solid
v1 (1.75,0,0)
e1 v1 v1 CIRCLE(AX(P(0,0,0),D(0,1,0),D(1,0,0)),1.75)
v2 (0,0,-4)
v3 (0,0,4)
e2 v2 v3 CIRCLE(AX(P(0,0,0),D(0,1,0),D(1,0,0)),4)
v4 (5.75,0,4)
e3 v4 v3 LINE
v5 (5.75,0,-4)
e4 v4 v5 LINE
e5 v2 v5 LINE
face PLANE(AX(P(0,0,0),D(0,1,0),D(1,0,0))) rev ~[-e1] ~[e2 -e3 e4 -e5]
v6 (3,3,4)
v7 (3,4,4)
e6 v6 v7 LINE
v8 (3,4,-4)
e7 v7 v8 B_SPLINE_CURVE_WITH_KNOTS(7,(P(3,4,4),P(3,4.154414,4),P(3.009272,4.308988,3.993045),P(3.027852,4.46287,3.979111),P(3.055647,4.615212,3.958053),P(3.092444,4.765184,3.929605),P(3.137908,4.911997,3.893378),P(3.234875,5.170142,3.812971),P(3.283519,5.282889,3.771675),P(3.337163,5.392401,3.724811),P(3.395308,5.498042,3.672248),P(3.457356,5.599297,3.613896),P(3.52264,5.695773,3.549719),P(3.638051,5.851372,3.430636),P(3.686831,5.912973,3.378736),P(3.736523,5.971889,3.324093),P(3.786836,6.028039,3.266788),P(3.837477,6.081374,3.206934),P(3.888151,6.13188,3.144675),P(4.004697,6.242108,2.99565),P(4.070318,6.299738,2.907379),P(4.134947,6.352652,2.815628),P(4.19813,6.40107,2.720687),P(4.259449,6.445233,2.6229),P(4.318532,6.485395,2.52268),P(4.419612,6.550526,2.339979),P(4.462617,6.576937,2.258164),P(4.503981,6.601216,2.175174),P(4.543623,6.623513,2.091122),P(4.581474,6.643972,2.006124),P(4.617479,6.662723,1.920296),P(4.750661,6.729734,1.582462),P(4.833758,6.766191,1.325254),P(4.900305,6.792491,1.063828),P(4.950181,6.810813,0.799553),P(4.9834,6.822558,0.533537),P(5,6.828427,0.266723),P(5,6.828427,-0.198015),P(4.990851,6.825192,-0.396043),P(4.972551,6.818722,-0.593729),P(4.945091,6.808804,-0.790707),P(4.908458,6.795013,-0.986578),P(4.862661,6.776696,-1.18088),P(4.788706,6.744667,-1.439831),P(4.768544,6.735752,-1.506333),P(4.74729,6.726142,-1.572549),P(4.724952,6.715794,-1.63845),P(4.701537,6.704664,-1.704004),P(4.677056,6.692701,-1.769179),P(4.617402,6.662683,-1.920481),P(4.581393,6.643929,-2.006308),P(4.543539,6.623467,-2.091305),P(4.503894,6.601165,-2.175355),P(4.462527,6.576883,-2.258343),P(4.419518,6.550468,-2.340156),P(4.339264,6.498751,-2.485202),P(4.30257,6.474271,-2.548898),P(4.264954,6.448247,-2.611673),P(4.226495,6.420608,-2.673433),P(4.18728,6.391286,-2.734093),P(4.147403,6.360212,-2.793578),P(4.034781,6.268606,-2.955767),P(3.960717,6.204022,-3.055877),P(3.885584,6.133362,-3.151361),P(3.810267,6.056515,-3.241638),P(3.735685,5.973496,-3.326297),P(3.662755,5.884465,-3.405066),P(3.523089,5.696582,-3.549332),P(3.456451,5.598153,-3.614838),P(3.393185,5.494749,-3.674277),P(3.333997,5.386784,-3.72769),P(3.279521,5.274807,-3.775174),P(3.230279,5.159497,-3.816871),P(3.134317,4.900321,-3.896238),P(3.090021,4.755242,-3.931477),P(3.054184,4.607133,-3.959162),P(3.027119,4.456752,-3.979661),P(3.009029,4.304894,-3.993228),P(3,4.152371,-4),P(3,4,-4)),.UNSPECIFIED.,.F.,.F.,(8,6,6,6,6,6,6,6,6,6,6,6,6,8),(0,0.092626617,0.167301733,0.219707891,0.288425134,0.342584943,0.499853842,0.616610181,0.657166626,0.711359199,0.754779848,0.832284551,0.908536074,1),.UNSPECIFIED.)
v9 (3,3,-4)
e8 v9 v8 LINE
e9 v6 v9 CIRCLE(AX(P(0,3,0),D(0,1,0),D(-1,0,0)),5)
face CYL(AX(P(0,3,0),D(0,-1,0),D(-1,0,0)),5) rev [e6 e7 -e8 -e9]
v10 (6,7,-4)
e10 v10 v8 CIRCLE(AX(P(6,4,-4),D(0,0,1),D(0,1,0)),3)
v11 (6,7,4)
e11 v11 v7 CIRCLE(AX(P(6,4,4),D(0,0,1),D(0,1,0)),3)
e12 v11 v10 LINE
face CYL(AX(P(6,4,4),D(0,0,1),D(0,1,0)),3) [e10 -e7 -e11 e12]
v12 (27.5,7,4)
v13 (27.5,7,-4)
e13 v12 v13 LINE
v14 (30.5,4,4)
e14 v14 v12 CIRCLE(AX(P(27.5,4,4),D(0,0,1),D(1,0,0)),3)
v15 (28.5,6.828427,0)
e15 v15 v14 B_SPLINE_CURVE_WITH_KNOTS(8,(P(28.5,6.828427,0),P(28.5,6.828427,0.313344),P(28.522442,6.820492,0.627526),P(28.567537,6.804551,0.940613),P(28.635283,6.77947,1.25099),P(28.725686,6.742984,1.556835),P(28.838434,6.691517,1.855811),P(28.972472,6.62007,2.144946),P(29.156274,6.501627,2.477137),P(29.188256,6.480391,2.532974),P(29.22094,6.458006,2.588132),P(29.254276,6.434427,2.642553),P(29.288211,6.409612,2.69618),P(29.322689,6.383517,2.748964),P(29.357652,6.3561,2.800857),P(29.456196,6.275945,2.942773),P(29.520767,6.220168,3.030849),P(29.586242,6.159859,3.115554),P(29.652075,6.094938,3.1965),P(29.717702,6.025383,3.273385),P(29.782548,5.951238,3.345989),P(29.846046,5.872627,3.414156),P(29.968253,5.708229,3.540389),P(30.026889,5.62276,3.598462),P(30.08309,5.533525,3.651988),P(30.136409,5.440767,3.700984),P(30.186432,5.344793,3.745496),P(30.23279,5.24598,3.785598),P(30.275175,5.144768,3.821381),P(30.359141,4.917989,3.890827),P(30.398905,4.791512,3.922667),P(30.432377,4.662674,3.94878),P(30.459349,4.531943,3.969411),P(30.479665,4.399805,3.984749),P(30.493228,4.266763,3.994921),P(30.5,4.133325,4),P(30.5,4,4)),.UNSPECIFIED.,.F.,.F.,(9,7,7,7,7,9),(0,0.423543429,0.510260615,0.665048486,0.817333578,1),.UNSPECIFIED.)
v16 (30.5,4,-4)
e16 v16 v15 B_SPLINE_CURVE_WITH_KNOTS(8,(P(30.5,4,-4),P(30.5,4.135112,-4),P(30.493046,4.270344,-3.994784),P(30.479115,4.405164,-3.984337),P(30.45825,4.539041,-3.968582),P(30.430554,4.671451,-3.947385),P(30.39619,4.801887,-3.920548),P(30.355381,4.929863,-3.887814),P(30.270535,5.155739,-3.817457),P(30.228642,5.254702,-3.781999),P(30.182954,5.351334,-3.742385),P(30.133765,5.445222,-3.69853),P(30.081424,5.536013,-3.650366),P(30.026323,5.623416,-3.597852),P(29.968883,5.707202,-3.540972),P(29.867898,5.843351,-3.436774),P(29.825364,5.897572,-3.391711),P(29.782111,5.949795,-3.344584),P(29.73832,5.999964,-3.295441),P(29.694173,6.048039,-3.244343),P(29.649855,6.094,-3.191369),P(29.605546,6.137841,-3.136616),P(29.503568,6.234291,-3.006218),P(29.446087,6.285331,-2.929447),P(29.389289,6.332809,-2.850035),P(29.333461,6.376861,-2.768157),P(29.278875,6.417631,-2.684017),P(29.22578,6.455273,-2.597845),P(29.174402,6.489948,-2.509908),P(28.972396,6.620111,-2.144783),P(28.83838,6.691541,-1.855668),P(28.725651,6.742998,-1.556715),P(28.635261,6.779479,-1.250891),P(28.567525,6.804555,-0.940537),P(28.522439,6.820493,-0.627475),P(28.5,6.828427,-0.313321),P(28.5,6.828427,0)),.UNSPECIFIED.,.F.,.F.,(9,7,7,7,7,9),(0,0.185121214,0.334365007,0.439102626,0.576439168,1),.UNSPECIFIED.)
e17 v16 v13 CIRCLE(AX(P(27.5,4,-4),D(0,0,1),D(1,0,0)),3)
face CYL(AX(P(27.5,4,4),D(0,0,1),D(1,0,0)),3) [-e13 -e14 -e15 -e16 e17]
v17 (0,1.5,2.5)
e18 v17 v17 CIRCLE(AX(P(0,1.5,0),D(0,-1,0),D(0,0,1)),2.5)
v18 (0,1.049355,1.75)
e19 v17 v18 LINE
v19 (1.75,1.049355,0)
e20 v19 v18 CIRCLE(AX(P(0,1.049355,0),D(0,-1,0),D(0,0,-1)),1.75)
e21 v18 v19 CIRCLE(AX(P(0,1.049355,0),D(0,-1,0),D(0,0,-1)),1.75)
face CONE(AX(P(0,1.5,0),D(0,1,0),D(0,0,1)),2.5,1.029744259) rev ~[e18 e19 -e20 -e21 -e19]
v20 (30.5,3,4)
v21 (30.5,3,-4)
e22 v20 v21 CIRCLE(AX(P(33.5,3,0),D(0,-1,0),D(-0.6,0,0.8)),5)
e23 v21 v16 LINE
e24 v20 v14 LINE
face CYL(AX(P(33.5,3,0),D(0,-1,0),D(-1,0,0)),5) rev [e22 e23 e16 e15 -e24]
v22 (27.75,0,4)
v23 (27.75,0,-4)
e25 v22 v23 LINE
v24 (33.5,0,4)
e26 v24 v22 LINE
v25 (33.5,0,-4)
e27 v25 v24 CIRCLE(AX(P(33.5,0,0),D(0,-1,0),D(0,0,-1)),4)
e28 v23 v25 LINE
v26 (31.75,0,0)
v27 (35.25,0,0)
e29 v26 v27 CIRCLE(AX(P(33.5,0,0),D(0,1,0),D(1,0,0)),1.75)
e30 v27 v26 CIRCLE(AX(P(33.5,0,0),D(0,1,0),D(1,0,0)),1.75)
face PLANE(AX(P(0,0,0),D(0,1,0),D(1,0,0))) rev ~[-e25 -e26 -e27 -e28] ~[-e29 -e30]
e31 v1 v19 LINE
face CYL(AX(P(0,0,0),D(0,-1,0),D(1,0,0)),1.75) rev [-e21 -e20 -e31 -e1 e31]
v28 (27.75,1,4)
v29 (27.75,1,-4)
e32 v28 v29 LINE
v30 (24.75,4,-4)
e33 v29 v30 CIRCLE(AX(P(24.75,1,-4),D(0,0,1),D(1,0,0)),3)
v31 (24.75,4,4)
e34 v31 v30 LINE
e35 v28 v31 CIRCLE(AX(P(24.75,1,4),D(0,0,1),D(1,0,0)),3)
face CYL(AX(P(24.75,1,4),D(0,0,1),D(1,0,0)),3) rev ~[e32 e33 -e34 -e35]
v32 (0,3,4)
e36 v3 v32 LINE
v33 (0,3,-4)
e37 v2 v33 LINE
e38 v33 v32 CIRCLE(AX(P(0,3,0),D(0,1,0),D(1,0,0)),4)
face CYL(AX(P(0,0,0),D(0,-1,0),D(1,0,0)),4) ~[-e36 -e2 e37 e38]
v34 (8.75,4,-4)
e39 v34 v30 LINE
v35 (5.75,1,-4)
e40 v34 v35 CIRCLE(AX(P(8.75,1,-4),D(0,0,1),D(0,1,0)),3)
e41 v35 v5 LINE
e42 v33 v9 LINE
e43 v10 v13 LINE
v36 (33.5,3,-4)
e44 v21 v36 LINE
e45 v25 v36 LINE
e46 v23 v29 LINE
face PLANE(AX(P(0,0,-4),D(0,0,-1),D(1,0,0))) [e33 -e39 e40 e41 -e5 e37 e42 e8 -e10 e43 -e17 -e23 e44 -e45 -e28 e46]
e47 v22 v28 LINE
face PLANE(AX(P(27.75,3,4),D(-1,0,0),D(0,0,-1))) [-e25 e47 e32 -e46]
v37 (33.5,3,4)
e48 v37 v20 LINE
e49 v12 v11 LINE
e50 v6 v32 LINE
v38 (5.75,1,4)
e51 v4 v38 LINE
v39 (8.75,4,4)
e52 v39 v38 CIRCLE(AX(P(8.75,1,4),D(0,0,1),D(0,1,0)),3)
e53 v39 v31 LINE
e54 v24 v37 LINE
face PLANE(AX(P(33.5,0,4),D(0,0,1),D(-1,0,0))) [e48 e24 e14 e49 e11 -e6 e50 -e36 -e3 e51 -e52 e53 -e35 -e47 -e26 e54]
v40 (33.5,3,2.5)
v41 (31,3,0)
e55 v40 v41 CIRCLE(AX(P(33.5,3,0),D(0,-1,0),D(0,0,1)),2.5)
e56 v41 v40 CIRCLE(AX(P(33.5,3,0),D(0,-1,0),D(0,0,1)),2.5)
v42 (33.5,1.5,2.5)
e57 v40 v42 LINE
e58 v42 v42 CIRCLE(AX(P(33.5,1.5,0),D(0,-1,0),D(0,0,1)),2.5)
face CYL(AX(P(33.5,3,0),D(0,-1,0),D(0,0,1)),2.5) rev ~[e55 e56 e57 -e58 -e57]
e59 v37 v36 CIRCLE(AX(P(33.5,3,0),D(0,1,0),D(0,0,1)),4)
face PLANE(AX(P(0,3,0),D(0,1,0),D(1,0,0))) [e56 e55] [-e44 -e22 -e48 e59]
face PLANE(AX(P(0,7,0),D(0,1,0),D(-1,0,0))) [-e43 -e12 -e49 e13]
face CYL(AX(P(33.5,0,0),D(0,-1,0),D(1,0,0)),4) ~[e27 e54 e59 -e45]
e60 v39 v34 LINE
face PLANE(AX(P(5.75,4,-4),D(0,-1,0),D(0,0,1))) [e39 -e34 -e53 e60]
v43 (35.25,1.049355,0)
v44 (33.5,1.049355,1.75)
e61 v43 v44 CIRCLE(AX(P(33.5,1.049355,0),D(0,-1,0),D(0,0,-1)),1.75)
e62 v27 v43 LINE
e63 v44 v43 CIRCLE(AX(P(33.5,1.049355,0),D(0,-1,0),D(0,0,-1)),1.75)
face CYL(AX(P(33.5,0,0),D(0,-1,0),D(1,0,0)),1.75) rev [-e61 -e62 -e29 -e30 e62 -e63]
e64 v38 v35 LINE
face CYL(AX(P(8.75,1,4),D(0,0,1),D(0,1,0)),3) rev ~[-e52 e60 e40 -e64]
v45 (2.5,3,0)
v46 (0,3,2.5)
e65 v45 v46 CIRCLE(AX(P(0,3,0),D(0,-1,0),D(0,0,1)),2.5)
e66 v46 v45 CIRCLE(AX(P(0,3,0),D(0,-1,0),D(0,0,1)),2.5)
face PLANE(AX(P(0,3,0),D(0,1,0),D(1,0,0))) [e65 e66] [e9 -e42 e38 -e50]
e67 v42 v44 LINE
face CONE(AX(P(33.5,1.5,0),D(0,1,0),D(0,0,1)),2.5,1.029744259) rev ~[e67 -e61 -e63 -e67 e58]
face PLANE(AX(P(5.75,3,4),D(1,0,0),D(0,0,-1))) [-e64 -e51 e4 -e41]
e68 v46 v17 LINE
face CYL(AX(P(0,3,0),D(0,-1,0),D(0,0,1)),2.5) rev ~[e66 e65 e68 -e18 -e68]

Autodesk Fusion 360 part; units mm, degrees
sketch "Sketch1" plane through (0, 0, 0) normal (0, 1, 0) x (1, 0, 0)
  line L0 (0, 0) -> (33.5, 0)
  circle A0 centre (0, 0) radius 1.75
  circle A1 centre (33.5, 0) radius 1.75
  circle A2 centre (33.5, 0) radius 4
  circle A3 centre (0, 0) radius 4
  line L1 (0, 4) -> (33.5, 4)
  line L2 (33.5, -4) -> (0, -4)
  dimension "d1" = 33.5
  dimension "d2" = 3.5
  dimension "d3" = 3.5
  dimension "d4" = 8
  dimension "d5" = 8
extrude "Extrude1" add sketch "Sketch1" along normal blind 3 makes body 1
hole "Hole1" at (0, 3, 0) direction (0, -1, 0) diameter 5 depth 1.5 tip angle 118 bodies 1
hole "Hole2" at (33.5, 3, 0) direction (0, -1, 0) diameter 5 depth 1.5 tip angle 118 bodies 1
sketch "Sketch9" plane through (0, 3, 0) normal (0, 1, 0) x (-1, 0, 0)
  circle A0 centre (-33.5, 0) radius 2.5
  circle A1 centre (0, 0) radius 2.5
  arc A2 (0, -4) -> (0, 4) centre (0, 0) ccw
  line L0 (0, 4) -> (-33.5, 4)
  arc A3 (-33.5, 4) -> (-33.5, -4) centre (-33.5, 0) ccw
  line L1 (-33.5, -4) -> (0, -4)
  line L2 (-16.75, 4) -> (-5.75, 4)
  line L3 (-16.75, 4) -> (-27.75, 4)
  line L4 (-27.75, 4) -> (-27.75, -4)
  line L5 (-5.75, 4) -> (-5.75, -4)
  circle A4 centre (0, 0) radius 5
  circle A5 centre (-33.5, 0) radius 5
  dimension "d79" = 11
  dimension "d80" = 11
  dimension "d81" = 10
  dimension "d82" = 10
extrude "Extrude13" add sketch "Sketch9" along normal blind 4 contours L0 L1 L5 A4 | L0 L1 L4 A5 bodies 1
extrude "Extrude14" cut sketch "Sketch9" against normal blind 3 contours L0 L1 L2 L3 L4 L5 bodies 1 makes body 2 at (2.2804, 0, -3.1227)
sketch "Sketch10" plane through (5.75, 0, 0) normal (1, 0, 0) x (0, 0, -1)
  line L0 (4, 0) -> (4, 7)
  line L1 (4, 7) -> (-4, 7)
  line L2 (-4, 7) -> (-4, 0)
  line L3 (-4, 0) -> (4, 0)
  line L4 (-4, 7) -> (4, 7)
  line L5 (4, 7) -> (4, 4)
  line L6 (4, 4) -> (-4, 4)
  line L7 (-4, 4) -> (-4, 7)
  dimension "d87" = 3
extrude "Extrude15" add sketch "Sketch10" along normal blind 22 contours L0 L1 L2 L4 L5 L6 L7 bodies 1 2
sketch "Sketch11" plane through (0, 0, 4) normal (0, 0, 1) x (1, 0, 0)
  line L0 (30.5, 7) -> (3, 7)
  line L1 (3, 7) -> (3, 3)
  line L2 (33.5, 3) -> (30.5, 3)
  line L3 (0, 3) -> (0, 0)
  line L4 (27.75, 0) -> (33.5, 0)
  line L5 (5.75, 0) -> (5.75, 4)
  line L6 (5.75, 4) -> (27.75, 4)
  line L7 (5.75, 4) -> (3, 4)
  line L8 (3, 4) -> (6, 4)
  arc A0 (6, 7) -> (3, 4) centre (6, 4) ccw
  line L9 (27.75, 4) -> (27.75, 0)
  line L10 (33.5, 0) -> (33.5, 3)
  line L11 (30.5, 3) -> (30.5, 7)
  line L12 (3, 3) -> (0, 3)
  line L13 (0, 0) -> (5.75, 0)
  line L14 (30.5, 4) -> (27.5, 4)
  arc A1 (30.5, 4) -> (27.5, 7) centre (27.5, 4) ccw
  dimension "d90" = 3
  dimension "d101" = 3
extrude "Extrude16" cut sketch "Sketch11" against normal blind 10 contours L0 L11 A1 | L0 L1 A0 bodies 1
sketch "Sketch12" plane through (0, 0, 4) normal (0, 0, 1) x (1, 0, 0)
  line L0 (27.75, 4) -> (27.75, 0)
  line L1 (0, 0) -> (5.75, 0)
  line L2 (33.5, 0) -> (33.5, 3)
  line L3 (3, 3) -> (0, 3)
  line L4 (30.5, 3) -> (30.5, 4)
  line L5 (27.5, 7) -> (6, 7)
  line L6 (27.75, 4) -> (24.75, 4)
  line L7 (24.75, 4) -> (24.75, 1)
  arc A0 (27.75, 1) -> (24.75, 4) centre (24.75, 1) ccw
  arc A1 (6, 7) -> (3, 4) centre (6, 4) ccw
  line L8 (3, 4) -> (3, 3)
  line L9 (0, 3) -> (0, 0)
  line L10 (5.75, 0) -> (5.75, 4)
  line L11 (5.75, 4) -> (27.75, 4)
  arc A2 (30.5, 4) -> (27.5, 7) centre (27.5, 4) ccw
  line L12 (27.75, 0) -> (33.5, 0)
  line L13 (33.5, 3) -> (30.5, 3)
  line L14 (5.75, 4) -> (8.75, 4)
  line L15 (8.75, 4) -> (8.75, 1)
  arc A3 (8.75, 4) -> (5.75, 1) centre (8.75, 1) ccw
  dimension "d94" = 3
  dimension "d95" = 3
  dimension "d102" = 3
  dimension "d103" = 3
extrude "Extrude17" add sketch "Sketch12" against normal blind 8 contours L0 L6 A0 L11 | L10 L11 L14 A3 bodies 1
